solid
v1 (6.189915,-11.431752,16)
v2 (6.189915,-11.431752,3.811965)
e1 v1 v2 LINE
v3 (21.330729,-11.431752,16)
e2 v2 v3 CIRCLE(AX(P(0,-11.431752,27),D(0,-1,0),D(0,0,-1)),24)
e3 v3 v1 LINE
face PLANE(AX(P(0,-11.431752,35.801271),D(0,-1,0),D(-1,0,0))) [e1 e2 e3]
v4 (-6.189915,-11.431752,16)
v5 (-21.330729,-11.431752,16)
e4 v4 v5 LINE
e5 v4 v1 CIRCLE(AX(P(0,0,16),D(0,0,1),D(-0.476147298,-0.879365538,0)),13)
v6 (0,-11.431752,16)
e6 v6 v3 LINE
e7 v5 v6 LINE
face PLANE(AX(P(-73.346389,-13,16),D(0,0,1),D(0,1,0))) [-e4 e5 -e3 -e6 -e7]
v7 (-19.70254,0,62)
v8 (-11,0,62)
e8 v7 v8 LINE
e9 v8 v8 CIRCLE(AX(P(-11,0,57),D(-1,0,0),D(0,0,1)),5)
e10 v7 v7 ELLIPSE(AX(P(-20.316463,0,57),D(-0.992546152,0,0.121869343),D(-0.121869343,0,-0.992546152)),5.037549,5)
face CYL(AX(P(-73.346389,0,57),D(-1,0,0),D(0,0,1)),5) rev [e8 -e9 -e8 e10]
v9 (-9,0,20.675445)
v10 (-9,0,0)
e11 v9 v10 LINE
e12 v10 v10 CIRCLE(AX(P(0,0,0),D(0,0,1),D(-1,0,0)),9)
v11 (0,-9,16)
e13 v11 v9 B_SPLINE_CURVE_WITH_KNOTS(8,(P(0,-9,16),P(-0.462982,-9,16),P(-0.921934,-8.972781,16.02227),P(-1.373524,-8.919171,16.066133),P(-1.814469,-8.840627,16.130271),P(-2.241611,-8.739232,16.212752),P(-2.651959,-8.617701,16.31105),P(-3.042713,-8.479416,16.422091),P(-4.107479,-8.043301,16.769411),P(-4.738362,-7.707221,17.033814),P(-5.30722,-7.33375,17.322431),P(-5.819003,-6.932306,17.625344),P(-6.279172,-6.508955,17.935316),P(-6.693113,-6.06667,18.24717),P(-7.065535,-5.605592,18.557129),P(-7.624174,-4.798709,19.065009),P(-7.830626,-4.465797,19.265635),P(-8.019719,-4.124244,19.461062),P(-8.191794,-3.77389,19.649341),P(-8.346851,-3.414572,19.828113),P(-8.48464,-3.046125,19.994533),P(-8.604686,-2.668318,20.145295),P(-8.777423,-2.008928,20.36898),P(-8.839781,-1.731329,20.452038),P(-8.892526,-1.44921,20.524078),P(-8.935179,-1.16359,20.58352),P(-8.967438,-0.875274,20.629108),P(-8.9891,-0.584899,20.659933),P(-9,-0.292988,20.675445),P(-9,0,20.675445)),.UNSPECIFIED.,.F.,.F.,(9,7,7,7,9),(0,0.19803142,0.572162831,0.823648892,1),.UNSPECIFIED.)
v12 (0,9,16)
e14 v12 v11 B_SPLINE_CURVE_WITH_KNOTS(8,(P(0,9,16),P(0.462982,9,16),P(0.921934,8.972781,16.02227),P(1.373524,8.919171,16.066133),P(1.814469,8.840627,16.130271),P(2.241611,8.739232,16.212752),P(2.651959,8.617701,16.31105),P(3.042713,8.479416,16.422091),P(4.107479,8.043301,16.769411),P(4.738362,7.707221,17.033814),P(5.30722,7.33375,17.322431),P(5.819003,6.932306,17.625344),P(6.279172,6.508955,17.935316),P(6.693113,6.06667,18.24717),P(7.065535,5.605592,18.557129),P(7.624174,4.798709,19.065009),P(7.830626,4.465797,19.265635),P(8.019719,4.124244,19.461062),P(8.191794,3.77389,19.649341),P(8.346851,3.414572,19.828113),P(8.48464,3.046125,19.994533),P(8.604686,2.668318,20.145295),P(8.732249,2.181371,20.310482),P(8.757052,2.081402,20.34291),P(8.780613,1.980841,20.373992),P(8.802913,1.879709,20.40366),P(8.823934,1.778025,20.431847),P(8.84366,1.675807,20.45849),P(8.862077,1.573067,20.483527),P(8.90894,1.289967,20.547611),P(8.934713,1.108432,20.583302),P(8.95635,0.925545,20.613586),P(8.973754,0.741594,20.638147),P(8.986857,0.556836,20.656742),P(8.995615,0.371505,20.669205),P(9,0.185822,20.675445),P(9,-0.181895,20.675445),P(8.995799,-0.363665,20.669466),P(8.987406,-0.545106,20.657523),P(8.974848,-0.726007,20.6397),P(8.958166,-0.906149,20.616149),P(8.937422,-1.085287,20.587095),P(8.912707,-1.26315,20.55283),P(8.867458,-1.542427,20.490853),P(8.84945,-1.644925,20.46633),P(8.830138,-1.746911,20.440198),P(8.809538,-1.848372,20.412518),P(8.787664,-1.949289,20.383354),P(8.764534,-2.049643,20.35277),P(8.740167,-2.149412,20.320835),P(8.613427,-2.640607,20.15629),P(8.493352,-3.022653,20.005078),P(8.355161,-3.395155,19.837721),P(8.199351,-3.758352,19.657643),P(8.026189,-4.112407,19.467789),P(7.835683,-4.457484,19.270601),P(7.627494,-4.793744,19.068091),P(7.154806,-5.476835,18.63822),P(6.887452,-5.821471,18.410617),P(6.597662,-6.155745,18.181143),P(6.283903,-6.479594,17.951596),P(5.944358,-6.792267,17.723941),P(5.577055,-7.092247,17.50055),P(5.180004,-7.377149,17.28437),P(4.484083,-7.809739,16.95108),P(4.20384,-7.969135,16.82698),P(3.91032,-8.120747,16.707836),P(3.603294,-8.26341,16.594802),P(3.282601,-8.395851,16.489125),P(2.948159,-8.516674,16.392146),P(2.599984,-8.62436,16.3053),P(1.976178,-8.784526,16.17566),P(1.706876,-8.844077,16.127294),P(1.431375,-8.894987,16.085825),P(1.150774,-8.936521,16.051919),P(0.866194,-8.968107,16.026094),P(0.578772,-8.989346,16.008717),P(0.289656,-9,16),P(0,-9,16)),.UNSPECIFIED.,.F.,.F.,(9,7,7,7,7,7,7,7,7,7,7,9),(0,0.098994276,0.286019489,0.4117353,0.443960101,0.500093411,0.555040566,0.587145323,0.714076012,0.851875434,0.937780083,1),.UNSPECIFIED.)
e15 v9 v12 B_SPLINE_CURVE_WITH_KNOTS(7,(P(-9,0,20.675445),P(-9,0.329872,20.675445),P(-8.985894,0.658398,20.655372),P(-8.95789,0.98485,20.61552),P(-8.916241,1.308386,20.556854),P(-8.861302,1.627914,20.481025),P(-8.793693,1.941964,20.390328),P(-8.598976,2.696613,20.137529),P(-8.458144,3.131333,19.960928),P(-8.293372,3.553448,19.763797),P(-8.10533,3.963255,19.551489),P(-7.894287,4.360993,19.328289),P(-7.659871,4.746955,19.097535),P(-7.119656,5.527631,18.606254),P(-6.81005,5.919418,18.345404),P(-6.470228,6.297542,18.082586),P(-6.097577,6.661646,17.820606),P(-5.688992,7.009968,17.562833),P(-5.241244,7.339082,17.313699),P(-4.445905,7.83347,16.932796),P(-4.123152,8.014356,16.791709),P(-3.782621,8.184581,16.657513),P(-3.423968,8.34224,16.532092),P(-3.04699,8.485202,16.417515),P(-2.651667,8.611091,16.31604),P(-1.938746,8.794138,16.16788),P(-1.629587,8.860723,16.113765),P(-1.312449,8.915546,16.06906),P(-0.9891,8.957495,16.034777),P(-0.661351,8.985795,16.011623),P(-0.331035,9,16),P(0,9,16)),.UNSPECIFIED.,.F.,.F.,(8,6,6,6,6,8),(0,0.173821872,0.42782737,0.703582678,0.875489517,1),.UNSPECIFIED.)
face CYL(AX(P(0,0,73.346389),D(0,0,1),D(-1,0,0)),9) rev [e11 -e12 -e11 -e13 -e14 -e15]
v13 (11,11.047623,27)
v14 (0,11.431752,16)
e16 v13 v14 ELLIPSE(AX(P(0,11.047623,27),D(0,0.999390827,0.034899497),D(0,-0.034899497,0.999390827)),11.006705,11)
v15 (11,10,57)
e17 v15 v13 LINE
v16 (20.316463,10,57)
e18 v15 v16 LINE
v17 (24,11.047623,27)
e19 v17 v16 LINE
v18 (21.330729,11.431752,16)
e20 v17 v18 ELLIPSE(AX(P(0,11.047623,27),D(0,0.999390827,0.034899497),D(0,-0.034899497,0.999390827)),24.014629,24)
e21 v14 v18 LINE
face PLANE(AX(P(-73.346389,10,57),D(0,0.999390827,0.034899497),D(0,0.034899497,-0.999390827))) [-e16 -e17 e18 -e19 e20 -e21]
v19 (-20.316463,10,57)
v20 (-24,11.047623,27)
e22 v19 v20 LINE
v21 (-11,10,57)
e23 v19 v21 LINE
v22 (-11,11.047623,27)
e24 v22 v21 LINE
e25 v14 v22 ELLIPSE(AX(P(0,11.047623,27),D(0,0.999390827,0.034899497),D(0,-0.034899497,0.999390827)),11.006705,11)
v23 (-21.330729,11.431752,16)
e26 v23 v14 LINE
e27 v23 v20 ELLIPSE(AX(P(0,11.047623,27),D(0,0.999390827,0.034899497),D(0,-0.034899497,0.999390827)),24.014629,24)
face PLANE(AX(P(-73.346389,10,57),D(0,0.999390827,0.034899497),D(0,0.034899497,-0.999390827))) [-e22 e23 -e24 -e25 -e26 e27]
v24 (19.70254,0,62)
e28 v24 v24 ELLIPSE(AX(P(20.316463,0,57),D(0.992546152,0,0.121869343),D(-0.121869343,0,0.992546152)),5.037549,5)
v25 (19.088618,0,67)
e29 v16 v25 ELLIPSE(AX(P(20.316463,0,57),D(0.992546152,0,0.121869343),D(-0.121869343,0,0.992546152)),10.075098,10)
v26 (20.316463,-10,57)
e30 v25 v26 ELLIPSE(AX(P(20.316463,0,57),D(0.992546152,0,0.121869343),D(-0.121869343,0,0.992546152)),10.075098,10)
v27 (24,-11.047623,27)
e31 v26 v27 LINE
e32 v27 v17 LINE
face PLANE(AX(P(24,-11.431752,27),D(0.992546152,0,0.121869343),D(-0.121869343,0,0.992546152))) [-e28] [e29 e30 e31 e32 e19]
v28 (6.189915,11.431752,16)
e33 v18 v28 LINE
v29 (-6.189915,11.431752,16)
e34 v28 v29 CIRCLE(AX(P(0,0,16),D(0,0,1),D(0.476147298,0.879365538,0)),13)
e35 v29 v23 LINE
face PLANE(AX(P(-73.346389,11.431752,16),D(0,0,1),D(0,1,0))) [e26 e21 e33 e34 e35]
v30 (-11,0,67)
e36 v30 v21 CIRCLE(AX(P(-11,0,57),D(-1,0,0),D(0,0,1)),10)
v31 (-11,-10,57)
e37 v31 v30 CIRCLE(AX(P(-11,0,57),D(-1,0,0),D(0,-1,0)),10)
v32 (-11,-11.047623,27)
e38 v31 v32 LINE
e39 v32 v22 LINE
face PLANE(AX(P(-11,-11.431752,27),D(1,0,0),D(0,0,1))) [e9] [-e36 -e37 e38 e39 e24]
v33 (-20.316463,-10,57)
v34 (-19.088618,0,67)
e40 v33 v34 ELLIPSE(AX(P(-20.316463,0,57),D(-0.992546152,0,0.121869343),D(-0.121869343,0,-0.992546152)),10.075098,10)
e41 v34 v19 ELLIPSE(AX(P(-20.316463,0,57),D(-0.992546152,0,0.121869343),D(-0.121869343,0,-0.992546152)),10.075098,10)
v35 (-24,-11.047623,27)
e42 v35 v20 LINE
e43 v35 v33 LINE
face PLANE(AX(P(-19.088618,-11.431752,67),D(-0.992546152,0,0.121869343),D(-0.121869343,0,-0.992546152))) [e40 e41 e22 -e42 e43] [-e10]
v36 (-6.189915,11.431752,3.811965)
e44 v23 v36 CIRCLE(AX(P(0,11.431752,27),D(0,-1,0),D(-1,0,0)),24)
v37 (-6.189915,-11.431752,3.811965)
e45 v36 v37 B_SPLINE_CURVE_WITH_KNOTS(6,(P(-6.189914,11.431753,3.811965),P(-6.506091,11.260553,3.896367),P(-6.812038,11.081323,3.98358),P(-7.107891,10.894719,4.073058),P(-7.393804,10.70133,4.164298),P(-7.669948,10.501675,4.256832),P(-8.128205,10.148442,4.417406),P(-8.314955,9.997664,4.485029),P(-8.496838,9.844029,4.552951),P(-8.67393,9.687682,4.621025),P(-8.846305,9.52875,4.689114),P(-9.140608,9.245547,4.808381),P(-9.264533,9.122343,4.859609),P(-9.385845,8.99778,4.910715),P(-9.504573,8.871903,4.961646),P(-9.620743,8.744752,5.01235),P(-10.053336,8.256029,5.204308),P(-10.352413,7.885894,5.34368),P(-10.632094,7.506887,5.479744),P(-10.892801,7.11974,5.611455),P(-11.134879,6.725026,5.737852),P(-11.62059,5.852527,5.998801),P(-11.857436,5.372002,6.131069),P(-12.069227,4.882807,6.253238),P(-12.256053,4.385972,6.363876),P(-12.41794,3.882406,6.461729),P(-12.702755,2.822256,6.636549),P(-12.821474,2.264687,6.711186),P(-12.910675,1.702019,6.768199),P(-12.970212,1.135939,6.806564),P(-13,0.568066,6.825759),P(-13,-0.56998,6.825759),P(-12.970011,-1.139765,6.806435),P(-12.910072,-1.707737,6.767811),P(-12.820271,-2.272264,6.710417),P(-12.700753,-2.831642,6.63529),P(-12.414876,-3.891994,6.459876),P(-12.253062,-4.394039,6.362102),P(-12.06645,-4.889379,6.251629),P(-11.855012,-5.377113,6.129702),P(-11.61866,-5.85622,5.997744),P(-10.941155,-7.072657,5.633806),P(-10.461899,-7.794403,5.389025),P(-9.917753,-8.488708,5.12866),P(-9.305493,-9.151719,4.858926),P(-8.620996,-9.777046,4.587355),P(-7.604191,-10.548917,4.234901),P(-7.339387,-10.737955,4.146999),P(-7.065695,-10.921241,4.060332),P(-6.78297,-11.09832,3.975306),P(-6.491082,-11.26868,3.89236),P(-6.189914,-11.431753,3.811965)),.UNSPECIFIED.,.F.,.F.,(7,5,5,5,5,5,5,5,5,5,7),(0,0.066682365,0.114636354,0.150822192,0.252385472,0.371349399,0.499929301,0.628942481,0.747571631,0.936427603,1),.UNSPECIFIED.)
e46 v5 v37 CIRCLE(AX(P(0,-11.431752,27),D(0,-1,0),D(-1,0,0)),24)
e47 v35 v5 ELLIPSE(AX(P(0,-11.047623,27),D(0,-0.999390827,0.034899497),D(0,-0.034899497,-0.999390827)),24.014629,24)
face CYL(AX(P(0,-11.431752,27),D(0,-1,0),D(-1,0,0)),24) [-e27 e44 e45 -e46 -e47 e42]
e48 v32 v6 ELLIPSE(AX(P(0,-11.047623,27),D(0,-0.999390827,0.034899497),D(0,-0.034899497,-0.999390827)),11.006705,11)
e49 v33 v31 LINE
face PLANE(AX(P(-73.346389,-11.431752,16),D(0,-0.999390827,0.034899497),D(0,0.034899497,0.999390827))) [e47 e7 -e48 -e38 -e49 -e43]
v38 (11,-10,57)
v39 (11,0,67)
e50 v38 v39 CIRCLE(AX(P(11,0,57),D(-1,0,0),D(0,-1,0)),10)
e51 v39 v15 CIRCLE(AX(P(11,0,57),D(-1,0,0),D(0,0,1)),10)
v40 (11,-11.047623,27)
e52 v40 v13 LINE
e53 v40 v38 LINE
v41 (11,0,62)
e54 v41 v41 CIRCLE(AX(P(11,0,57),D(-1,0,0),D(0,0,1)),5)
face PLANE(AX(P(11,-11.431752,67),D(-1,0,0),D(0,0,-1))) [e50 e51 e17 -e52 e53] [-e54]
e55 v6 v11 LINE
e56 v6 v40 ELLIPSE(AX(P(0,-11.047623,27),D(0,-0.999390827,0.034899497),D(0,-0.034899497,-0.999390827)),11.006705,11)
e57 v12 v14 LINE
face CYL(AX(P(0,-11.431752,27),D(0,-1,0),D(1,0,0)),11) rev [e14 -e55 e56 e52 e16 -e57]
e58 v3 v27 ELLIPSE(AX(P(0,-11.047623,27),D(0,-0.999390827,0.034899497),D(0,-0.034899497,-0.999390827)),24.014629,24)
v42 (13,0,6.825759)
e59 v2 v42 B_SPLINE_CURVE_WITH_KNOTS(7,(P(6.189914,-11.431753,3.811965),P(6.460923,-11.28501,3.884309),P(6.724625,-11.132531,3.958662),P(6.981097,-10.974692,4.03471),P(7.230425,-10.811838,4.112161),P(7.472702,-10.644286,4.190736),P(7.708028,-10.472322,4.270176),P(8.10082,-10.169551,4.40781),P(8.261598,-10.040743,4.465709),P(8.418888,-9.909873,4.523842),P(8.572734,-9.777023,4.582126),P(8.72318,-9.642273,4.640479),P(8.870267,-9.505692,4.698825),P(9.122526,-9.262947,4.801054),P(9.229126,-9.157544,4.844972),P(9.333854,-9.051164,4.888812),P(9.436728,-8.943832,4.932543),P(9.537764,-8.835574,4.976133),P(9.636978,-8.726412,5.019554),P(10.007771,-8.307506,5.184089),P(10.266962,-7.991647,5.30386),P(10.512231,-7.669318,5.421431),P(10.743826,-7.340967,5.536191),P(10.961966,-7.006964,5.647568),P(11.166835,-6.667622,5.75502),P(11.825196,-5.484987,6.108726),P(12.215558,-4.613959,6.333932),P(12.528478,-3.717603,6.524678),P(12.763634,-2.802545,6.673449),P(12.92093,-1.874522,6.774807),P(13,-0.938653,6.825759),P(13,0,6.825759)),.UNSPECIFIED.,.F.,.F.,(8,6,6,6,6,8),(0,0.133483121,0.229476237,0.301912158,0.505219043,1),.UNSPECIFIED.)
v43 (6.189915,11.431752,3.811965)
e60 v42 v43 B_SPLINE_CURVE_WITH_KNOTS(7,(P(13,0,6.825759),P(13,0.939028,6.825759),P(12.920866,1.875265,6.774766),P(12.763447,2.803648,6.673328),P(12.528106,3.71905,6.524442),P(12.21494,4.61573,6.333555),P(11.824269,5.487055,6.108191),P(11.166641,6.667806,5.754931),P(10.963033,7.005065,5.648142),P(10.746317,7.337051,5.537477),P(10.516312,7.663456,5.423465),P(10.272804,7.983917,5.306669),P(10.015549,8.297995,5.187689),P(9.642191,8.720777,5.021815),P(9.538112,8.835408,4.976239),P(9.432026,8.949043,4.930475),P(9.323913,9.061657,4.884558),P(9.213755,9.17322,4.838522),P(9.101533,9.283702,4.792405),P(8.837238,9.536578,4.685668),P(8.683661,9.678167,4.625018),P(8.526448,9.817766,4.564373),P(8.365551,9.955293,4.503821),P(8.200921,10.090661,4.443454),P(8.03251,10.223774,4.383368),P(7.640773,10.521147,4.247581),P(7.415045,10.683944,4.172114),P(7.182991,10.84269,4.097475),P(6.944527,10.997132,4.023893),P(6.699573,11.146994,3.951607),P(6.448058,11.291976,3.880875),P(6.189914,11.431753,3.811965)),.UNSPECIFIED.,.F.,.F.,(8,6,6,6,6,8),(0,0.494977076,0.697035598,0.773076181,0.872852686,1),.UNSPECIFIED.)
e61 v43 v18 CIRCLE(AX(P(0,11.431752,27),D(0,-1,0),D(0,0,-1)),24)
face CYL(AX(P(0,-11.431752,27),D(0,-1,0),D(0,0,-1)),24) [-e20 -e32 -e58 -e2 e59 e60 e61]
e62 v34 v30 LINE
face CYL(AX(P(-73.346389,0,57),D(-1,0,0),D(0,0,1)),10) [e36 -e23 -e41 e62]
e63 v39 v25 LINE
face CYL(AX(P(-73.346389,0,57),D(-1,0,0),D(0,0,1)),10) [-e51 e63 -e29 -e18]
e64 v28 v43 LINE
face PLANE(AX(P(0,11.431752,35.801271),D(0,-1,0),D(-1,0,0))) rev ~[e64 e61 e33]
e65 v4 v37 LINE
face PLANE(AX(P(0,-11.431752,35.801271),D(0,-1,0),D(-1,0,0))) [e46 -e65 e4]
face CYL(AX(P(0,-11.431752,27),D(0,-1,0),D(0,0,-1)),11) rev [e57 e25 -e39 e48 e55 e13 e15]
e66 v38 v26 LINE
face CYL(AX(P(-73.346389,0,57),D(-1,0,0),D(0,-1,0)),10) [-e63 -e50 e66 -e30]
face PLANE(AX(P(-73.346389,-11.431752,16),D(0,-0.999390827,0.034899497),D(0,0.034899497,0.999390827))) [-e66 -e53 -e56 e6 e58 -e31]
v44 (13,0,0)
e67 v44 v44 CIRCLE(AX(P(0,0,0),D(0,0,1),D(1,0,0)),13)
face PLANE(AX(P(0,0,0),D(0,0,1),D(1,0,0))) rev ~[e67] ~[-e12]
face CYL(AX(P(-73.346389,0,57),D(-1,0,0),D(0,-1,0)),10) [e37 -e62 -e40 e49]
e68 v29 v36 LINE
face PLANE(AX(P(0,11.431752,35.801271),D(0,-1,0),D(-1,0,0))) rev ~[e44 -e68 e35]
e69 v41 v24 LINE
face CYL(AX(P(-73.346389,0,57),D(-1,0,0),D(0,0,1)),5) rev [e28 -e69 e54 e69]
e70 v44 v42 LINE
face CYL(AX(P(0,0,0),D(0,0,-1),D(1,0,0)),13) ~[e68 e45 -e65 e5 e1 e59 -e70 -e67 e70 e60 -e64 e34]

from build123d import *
from build123d.topology import SkipClean

# Parameters (mm, degrees)
SKETCH1_R                = 13
BOSS_EXTRUDE1_DEPTH      = 16
BOSS_EXTRUDE2_DEPTH      = 11.431752
BOSS_EXTRUDE2_DEPTH_BACK = 11.431752
CUT_EXTRUDE1_DEPTH       = 73.346389042
CUT_EXTRUDE1_DEPTH_BACK  = 73.346389042
CUT_EXTRUDE2_DEPTH       = 73.346389042
CUT_EXTRUDE2_DEPTH_BACK  = 73.346389042
SKETCH4_R                = 5
CUT_EXTRUDE3_DEPTH       = 73.346389042
CUT_EXTRUDE3_DEPTH_BACK  = 73.346389042
SKETCH5_R                = 9


with BuildPart() as part:
    # Sketch1 → Boss-Extrude1 (new body)
    with BuildSketch(Plane.XY):
        Circle(SKETCH1_R)
    extrude(amount=BOSS_EXTRUDE1_DEPTH)

    # Sketch2 → Boss-Extrude2 (add, two sides: drawn at the far end of the back side and taken through both)
    with BuildSketch(Plane(origin=(0, 0, 0), x_dir=(1, 0, 0), z_dir=(0, 1, 0)).offset(-BOSS_EXTRUDE2_DEPTH_BACK)):
        with BuildLine():
            Line((-11, -27), (-11, -67))
            Line((-11, -67), (-19.088617564, -67))
            Line((-19.088617564, -67), (-24, -27))
            ThreePointArc((-24, -27), (-16.970562748, -10.029437252), (0, -3))
            ThreePointArc((0, -3), (16.970562748, -10.029437252), (24, -27))
            Line((24, -27), (19.088617564, -67))
            Line((19.088617564, -67), (11, -67))
            Line((11, -67), (11, -27))
            ThreePointArc((11, -27), (7.778174593, -19.221825407), (0, -16))
            ThreePointArc((0, -16), (-7.778174593, -19.221825407), (-11, -27))
        make_face()
    extrude(amount=BOSS_EXTRUDE2_DEPTH + BOSS_EXTRUDE2_DEPTH_BACK)

    # Sketch3 → Cut-Extrude1 (cut, two sides: drawn at the far end of the back side and taken through both)
    with BuildSketch(Plane(origin=(0, 0, 0), x_dir=(0, 0, -1), z_dir=(1, 0, 0)).offset(-CUT_EXTRUDE1_DEPTH_BACK)):
        with BuildLine():
            ThreePointArc((-67, 0), (-64.071067812, 7.071067812), (-57, 10))
            Line((-57, 10), (-16, 11.431751549))
            Line((-16, 11.431751549), (-16, 13))
            Line((-16, 13), (-67, 13))
            Line((-67, 13), (-67, 0))
        make_face()
        with BuildLine():
            ThreePointArc((-57, -10), (-64.071067812, -7.071067812), (-67, 0))
            Line((-67, 0), (-67, -13))
            Line((-67, -13), (-16, -13))
            Line((-16, -13), (-16, -11.431751549))
            Line((-16, -11.431751549), (-57, -10))
        make_face()
    extrude(amount=CUT_EXTRUDE1_DEPTH + CUT_EXTRUDE1_DEPTH_BACK, mode=Mode.SUBTRACT)

    # Sketch4 → Cut-Extrude2 (cut, two sides: drawn at the far end of the back side and taken through both)
    with BuildSketch(Plane(origin=(0, 0, 0), x_dir=(0, 0, -1), z_dir=(1, 0, 0)).offset(-CUT_EXTRUDE2_DEPTH_BACK)):
        with Locations(Location((-57, 0, 0), (0, 0, 180))):
            Circle(SKETCH4_R)
    extrude(amount=CUT_EXTRUDE2_DEPTH + CUT_EXTRUDE2_DEPTH_BACK, mode=Mode.SUBTRACT)

    # Sketch5 → Cut-Extrude3 (cut, two sides: drawn at the far end of the back side and taken through both)
    with SkipClean():  # the faces are left unmerged after this step: merging them gives an invalid solid
        with BuildSketch(Plane(origin=(0, 0, 0), x_dir=(-1, 0, 0), z_dir=(0, 0, -1)).offset(-CUT_EXTRUDE3_DEPTH_BACK)):
            Circle(SKETCH5_R)
        extrude(amount=CUT_EXTRUDE3_DEPTH + CUT_EXTRUDE3_DEPTH_BACK, mode=Mode.SUBTRACT)


solid = part.part
